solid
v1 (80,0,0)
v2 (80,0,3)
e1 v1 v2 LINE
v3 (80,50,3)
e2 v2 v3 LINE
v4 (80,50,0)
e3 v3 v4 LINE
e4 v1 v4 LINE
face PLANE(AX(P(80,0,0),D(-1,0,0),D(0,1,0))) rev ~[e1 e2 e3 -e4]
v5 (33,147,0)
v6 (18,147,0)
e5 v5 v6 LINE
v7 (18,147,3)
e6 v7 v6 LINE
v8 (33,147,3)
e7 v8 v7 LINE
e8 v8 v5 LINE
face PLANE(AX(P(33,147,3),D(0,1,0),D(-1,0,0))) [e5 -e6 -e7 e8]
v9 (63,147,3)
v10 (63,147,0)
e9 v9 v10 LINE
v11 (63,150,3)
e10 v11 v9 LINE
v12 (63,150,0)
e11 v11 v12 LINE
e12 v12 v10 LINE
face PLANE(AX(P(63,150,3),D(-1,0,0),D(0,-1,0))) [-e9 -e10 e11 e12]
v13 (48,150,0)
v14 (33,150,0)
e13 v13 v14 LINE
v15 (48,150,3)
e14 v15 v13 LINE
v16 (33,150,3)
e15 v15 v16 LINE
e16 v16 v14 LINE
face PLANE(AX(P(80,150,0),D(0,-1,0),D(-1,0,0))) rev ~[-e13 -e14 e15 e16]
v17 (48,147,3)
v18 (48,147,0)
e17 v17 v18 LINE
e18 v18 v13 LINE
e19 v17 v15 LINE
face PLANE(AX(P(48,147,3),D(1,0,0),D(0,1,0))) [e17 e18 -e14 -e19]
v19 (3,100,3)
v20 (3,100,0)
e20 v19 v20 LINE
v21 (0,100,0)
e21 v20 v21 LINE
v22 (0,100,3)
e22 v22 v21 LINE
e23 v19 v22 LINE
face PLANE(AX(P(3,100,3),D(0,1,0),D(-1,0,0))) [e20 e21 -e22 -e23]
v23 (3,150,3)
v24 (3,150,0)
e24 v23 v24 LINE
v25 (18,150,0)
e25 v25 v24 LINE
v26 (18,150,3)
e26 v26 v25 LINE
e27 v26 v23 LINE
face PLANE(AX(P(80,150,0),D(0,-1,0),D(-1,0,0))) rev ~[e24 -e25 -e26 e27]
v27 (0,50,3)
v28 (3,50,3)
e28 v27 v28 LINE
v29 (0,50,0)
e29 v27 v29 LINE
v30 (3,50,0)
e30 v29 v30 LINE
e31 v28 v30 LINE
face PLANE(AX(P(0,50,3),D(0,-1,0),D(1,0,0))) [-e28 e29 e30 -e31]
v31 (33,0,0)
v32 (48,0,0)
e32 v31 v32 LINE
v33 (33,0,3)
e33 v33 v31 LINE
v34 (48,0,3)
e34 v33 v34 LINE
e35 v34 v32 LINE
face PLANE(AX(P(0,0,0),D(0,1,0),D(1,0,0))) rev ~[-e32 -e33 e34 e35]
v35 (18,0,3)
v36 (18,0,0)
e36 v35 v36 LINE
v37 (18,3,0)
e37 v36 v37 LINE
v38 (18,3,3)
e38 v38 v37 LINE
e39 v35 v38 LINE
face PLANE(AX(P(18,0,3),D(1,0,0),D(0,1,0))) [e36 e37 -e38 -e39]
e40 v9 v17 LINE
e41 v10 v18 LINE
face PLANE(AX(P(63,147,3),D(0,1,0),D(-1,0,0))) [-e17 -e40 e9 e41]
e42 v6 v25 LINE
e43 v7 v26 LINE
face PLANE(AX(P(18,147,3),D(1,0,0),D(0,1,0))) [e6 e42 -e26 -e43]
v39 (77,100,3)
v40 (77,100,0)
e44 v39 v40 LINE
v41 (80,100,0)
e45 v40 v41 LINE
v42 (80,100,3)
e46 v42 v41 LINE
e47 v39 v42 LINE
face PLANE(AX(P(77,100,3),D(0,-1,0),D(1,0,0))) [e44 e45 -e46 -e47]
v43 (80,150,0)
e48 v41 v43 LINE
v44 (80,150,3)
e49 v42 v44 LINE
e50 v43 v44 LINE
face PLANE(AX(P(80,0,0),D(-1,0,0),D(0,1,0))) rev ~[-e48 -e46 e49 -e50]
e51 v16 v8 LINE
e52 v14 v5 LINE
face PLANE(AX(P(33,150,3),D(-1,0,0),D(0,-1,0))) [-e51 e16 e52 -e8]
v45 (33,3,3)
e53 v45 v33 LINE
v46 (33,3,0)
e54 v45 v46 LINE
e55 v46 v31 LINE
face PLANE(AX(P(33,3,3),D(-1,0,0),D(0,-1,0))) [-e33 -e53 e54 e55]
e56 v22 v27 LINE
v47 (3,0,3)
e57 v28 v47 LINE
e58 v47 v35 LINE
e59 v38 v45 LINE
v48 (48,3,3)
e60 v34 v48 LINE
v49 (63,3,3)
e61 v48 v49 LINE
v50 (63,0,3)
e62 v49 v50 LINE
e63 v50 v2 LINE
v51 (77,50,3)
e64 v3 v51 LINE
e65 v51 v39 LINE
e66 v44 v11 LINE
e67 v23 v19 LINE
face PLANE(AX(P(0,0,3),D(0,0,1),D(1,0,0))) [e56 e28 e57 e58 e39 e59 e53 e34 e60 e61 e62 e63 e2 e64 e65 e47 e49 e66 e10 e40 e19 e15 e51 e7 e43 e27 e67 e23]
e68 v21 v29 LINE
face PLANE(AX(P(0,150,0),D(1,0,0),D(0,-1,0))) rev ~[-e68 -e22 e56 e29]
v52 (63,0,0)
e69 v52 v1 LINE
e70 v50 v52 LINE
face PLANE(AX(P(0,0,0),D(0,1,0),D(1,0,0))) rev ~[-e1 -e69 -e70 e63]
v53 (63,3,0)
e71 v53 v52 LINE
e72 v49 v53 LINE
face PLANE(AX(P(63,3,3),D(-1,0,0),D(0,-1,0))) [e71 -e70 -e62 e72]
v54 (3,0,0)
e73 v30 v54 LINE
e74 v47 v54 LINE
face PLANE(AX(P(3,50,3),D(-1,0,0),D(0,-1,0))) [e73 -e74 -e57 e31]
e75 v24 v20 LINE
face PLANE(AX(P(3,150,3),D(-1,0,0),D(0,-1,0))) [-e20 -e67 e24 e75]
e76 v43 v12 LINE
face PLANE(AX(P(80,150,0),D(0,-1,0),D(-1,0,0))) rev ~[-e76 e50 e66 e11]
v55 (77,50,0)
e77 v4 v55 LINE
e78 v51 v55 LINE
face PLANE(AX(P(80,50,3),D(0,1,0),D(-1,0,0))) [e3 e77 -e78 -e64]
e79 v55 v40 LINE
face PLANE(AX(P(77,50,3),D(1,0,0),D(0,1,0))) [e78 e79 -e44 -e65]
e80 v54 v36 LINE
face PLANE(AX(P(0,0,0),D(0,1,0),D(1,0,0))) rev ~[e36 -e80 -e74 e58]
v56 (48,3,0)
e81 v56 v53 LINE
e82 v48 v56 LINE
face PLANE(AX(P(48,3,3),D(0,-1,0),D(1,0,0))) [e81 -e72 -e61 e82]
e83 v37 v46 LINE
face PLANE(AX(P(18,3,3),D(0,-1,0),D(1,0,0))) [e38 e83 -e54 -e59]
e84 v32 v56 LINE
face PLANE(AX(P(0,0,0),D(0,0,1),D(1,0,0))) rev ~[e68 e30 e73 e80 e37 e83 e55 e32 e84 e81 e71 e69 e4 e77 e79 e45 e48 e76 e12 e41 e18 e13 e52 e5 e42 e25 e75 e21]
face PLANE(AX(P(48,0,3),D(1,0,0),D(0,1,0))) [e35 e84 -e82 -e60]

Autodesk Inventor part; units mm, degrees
ref_plane "YZ Plane" through (0, 0, 0) normal (1, 0, 0) x (0, 1, 0)
ref_plane "XZ Plane" through (0, 0, 0) normal (0, 1, 0) x (-1, 0, 0)
ref_plane "XY Plane" through (0, 0, 0) normal (0, 0, 1) x (1, 0, 0)
sketch "Boceto1" plane through (0, 0, 0) normal (0, 0, 1) x (1, 0, 0)
  line L0 (0, 0) -> (80, 0)
  line L1 (80, 0) -> (80, 150)
  line L2 (80, 150) -> (0, 150)
  line L3 (0, 150) -> (0, 0)
  dimension "d0" = 80
  dimension "d1" = 150
extrude "Extrusión1" add sketch "Boceto1" along normal blind 3
sketch "Boceto2" plane through (0, 0, 3) normal (0, 0, 1) x (1, 0, 0)
  line L0 (0, 0) -> (80, 0) construction
  line L1 (80, 0) -> (80, 150) construction
  line L2 (80, 150) -> (0, 150) construction
  line L3 (0, 150) -> (0, 0) construction
  line L4 (3, 0) -> (0, 0)
  line L5 (0, 0) -> (0, 50)
  line L6 (0, 50) -> (3, 50)
  line L7 (3, 50) -> (3, 0)
  line L8 (0, 150) -> (3, 150)
  line L9 (3, 150) -> (3, 100)
  line L10 (3, 100) -> (0, 100)
  line L11 (0, 100) -> (0, 150)
  line L12 (77, 100) -> (80, 100)
  line L13 (80, 100) -> (80, 50)
  line L14 (80, 50) -> (77, 50)
  line L15 (77, 50) -> (77, 100)
  line L16 (80, 0) -> (80, 150) construction
  point P0 (80, 75)
  point P1 (80, 75)
  dimension "d4" = 3
  dimension "d5" = 50
  dimension "d6" = 3
  dimension "d7" = 50
  dimension "d8" = 50
  dimension "d9" = 3
extrude "Extrusión2" cut sketch "Boceto2" against normal blind 3
sketch "Boceto3" plane through (0, 0, 3) normal (0, 0, 1) x (1, 0, 0)
  line L0 (3, 50) -> (3, 0) construction
  line L1 (3, 0) -> (80, 0) construction
  line L2 (80, 0) -> (80, 50) construction
  line L3 (80, 50) -> (77, 50) construction
  line L4 (77, 50) -> (77, 100) construction
  line L5 (77, 100) -> (80, 100) construction
  line L6 (80, 100) -> (80, 150) construction
  line L7 (80, 150) -> (3, 150) construction
  line L8 (3, 150) -> (3, 100) construction
  line L9 (3, 100) -> (0, 100) construction
  line L10 (0, 100) -> (0, 50) construction
  line L11 (0, 50) -> (3, 50) construction
  line L12 (18, 3) -> (33, 3)
  line L13 (33, 3) -> (33, 0)
  line L14 (33, 0) -> (18, 0)
  line L15 (18, 0) -> (18, 3)
  line L16 (48, 3) -> (63, 3)
  line L17 (63, 3) -> (63, 0)
  line L18 (63, 0) -> (48, 0)
  line L19 (48, 0) -> (48, 3)
  line L20 (3, 0) -> (80, 0) construction
  line L21 (18, 150) -> (33, 150)
  line L22 (33, 150) -> (33, 147)
  line L23 (33, 147) -> (18, 147)
  line L24 (18, 147) -> (18, 150)
  line L25 (48, 147) -> (63, 147)
  line L26 (63, 147) -> (63, 150)
  line L27 (63, 150) -> (48, 150)
  line L28 (48, 150) -> (48, 147)
  line L29 (80, 150) -> (3, 150) construction
  point P0 (0, 0)
  dimension "d12" = 3
  dimension "d13" = 15
  dimension "d14" = 15
  dimension "d15" = 3
  dimension "d16" = 15
  dimension "d17" = 15
  dimension "d20" = 3
  dimension "d21" = 3
  dimension "d22" = 15
  dimension "d23" = 15
  dimension "d24" = 15
  dimension "d25" = 15
extrude "Extrusión3" cut sketch "Boceto3" against normal blind 10 contours L12 L13 L14 L15 | L16 L17 L18 L19
sketch "Boceto4" plane through (0, 0, 3) normal (0, 0, 1) x (1, 0, 0)
  line L0 (33, 3) -> (33, 0) construction
  line L1 (33, 0) -> (48, 0) construction
  line L2 (48, 0) -> (48, 3) construction
  line L3 (48, 3) -> (63, 3) construction
  line L4 (63, 3) -> (63, 0) construction
  line L5 (63, 0) -> (80, 0) construction
  line L6 (80, 0) -> (80, 50) construction
  line L7 (80, 50) -> (77, 50) construction
  line L8 (77, 50) -> (77, 100) construction
  line L9 (77, 100) -> (80, 100) construction
  line L10 (80, 100) -> (80, 150) construction
  line L11 (80, 150) -> (3, 150) construction
  line L12 (3, 150) -> (3, 100) construction
  line L13 (3, 100) -> (0, 100) construction
  line L14 (0, 100) -> (0, 50) construction
  line L15 (0, 50) -> (3, 50) construction
  line L16 (3, 50) -> (3, 0) construction
  line L17 (3, 0) -> (18, 0) construction
  line L18 (18, 0) -> (18, 3) construction
  line L19 (18, 3) -> (33, 3) construction
  line L20 (18, 150) -> (33, 150)
  line L21 (33, 150) -> (33, 147)
  line L22 (33, 147) -> (18, 147)
  line L23 (18, 147) -> (18, 150)
  line L24 (48, 150) -> (63, 150)
  line L25 (63, 150) -> (63, 147)
  line L26 (63, 147) -> (48, 147)
  line L27 (48, 147) -> (48, 150)
  line L28 (80, 150) -> (3, 150) construction
  point P0 (0, 0)
  dimension "d26" = 15
  dimension "d27" = 15
  dimension "d28" = 15
  dimension "d29" = 15
  dimension "d30" = 3
extrude "Extrusión4" cut sketch "Boceto4" against normal blind 10
equation "\"d6\" = d4"
equation "\"d7\" = d5"
equation "\"d8\" = d7"
equation "\"d9\" = d4"
properties part number "Pared Garita"
